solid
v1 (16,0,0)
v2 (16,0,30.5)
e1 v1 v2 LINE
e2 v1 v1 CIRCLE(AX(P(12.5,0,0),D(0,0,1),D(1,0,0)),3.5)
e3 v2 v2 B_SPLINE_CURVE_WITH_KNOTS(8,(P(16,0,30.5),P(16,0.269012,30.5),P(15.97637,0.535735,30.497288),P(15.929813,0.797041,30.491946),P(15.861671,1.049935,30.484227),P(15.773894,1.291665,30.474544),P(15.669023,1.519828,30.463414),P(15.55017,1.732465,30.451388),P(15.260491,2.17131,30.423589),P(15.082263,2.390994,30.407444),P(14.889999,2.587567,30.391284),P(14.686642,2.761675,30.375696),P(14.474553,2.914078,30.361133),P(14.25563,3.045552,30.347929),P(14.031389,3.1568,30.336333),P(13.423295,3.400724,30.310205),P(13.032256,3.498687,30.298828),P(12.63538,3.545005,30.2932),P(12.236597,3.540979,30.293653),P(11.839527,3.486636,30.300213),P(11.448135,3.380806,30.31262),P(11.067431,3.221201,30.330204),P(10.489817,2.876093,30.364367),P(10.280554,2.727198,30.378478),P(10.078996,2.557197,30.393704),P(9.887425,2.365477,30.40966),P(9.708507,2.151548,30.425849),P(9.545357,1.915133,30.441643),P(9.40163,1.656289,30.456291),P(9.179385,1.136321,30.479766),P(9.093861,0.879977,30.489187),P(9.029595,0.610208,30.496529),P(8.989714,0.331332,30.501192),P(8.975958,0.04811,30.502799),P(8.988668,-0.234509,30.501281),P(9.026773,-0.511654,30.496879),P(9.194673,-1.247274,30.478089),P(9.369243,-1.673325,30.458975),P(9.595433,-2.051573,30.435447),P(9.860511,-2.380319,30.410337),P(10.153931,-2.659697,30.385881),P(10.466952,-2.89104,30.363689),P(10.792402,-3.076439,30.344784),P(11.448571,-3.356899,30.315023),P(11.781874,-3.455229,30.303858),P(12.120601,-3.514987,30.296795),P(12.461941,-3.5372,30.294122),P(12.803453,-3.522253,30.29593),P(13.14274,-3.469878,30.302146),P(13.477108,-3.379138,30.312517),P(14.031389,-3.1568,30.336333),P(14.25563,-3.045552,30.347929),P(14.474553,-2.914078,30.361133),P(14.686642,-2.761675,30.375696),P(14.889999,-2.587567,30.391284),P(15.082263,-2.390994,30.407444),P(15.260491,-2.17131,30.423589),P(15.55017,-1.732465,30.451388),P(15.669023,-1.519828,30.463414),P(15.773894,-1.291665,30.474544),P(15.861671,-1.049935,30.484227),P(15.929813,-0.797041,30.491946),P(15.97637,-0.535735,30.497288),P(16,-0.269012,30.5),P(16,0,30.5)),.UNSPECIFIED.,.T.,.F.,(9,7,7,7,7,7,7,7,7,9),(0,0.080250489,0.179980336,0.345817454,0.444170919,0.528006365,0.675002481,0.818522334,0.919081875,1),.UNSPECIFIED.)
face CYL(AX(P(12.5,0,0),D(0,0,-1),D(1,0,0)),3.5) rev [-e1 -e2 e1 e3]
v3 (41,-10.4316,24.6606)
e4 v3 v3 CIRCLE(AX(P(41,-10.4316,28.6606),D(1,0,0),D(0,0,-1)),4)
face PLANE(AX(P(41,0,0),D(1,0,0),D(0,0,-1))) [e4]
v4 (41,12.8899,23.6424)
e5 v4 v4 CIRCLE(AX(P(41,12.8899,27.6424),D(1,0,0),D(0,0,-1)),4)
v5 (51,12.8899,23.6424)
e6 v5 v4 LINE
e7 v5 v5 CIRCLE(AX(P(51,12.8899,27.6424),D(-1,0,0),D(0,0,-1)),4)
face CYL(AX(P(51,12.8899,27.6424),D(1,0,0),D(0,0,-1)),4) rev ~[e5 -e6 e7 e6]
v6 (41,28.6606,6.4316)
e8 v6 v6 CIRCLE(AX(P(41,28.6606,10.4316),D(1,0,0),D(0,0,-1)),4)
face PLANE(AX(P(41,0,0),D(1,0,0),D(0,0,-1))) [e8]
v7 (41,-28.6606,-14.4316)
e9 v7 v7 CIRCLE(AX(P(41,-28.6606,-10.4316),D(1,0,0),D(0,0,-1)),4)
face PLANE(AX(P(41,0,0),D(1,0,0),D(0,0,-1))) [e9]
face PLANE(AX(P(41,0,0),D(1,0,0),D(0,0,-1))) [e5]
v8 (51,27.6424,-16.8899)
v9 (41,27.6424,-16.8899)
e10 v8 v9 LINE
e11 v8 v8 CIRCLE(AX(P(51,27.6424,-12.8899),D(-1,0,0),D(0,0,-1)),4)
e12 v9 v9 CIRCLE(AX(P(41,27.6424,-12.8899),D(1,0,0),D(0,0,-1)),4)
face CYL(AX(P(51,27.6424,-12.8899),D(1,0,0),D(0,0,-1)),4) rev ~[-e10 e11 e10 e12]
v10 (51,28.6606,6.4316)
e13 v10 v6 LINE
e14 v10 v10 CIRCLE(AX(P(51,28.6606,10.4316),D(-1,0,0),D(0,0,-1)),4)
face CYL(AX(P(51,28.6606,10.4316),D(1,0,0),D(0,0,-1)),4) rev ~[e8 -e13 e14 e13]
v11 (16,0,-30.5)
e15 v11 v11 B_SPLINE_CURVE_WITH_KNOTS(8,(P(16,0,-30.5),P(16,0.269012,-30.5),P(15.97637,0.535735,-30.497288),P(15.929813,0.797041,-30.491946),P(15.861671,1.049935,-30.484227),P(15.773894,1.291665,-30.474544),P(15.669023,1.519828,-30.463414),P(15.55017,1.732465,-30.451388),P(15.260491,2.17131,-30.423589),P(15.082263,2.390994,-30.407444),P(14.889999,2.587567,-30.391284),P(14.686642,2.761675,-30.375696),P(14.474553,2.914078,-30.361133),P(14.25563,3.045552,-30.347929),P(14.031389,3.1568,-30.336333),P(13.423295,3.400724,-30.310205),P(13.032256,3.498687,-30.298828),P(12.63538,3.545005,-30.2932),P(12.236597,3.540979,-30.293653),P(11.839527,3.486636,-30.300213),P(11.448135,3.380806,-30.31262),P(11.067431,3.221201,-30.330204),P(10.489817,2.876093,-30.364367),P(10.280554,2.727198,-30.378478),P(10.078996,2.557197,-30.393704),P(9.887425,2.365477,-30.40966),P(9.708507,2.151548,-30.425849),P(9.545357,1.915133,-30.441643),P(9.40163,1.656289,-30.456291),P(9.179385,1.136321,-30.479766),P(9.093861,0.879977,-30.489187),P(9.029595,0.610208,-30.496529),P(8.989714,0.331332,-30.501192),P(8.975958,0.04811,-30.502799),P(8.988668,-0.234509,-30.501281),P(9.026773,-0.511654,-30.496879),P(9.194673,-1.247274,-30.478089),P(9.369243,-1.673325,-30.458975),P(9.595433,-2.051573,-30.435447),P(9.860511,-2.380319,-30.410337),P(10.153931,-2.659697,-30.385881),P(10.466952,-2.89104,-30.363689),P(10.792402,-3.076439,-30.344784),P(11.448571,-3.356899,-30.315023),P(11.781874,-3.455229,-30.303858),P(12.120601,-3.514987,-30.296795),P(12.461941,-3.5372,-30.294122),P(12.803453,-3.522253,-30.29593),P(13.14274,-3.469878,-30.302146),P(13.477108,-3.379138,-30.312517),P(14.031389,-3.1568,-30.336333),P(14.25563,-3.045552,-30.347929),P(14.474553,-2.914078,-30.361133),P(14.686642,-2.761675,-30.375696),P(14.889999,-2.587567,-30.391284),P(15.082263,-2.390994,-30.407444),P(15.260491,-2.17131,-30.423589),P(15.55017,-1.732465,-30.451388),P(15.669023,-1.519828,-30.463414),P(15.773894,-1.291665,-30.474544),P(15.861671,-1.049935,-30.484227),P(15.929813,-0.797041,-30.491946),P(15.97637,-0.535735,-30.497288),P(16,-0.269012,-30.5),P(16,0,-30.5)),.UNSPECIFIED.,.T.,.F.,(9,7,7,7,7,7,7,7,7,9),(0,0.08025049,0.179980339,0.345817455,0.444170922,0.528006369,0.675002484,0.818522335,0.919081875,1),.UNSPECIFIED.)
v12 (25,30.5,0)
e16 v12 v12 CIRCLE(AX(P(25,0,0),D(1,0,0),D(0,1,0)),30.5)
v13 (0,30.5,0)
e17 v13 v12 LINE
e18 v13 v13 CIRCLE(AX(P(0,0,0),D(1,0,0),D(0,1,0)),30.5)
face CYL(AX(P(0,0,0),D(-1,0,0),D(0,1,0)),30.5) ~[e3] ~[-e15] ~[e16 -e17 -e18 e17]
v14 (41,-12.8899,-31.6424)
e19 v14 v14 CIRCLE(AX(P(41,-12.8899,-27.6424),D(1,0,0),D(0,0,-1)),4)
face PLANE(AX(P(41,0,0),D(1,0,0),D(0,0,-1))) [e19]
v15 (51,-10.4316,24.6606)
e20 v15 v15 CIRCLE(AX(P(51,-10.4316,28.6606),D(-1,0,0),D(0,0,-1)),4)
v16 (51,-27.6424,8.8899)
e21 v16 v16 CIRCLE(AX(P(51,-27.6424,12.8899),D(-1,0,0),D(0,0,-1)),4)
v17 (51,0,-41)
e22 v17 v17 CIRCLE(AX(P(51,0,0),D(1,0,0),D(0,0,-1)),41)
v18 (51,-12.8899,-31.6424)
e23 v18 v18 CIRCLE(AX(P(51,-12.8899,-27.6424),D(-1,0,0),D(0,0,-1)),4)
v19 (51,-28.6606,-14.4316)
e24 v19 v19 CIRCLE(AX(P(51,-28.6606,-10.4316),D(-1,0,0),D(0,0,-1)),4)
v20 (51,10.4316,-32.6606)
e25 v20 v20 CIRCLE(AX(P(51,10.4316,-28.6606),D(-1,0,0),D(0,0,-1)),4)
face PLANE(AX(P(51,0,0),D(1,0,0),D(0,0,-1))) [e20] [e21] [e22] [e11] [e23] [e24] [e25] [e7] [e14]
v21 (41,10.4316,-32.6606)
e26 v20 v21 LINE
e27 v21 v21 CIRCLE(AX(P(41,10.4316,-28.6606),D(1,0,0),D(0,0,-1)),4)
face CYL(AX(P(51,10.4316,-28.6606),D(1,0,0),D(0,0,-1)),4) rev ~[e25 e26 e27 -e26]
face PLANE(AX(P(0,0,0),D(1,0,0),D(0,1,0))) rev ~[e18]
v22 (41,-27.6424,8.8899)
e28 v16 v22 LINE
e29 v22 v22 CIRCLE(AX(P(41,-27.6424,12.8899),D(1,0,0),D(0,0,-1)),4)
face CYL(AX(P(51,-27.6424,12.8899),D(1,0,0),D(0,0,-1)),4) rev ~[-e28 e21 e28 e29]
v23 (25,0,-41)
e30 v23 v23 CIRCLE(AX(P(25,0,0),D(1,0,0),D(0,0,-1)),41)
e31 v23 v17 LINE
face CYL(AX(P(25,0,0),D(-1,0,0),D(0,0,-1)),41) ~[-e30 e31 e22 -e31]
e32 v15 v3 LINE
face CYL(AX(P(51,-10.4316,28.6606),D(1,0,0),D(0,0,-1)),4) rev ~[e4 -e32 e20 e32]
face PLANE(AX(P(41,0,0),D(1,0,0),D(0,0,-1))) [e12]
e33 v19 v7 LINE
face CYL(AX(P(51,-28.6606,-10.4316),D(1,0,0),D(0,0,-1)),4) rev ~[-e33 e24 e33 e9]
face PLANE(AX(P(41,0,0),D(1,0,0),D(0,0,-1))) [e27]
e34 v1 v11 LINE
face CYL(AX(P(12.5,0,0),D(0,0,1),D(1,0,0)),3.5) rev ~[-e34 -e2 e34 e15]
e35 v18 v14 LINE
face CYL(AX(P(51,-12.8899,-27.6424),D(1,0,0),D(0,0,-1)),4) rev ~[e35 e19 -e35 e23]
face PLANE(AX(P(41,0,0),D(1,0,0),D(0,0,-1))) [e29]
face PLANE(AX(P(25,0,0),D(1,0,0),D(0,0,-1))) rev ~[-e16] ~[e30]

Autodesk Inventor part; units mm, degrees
ref_plane "YZ Plane" through (0, 0, 0) normal (1, 0, 0) x (0, 1, 0)
ref_plane "XZ Plane" through (0, 0, 0) normal (0, 1, 0) x (-1, 0, 0)
ref_plane "XY Plane" through (0, 0, 0) normal (0, 0, 1) x (1, 0, 0)
sketch "Эскиз1" plane through (0, 0, 0) normal (1, 0, 0) x (0, 1, 0)
  circle A0 centre (0, 0) radius 30.5
  dimension "d0" = 61
extrude "Выдавливание1" add sketch "Эскиз1" along normal blind 25
sketch "Эскиз2" plane through (25, 0, 0) normal (1, 0, 0) x (0, 0, -1)
  circle A0 centre (0, 0) radius 41
  dimension "d3" = 82
extrude "Выдавливание2" add sketch "Эскиз2" along normal blind 26
sketch "Эскиз3" plane through (0, 0, 0) normal (0, 0, 1) x (1, 0, 0)
  line L0 (0, 0) -> (25, 0)
  line L1 (25, -30.5) -> (25, 30.5) projected
  circle A0 centre (12.5, 0) radius 3.5
  dimension "d6" = 7
extrude "Выдавливание3" cut sketch "Эскиз3" along normal through all both and the other way through all
sketch "Эскиз4" plane through (51, 0, 0) normal (1, 0, 0) x (0, 0, -1)
  circle A0 centre (0, 0) radius 30.5 projected
  line L0 (0, 0) -> (-11.8974, 32.688)
  line L1 (0, 0) -> (0, 6.9467)
  circle A1 centre (-10.4316, 28.6606) radius 4
  line L2 (0, 0) -> (-31.5267, 14.7011)
  circle A2 centre (-27.6424, 12.8899) radius 4
  line L3 (0, 0) -> (-32.688, -11.8974)
  circle A3 centre (-28.6606, -10.4316) radius 4
  line L4 (0, 0) -> (-14.7011, -31.5267)
  circle A4 centre (-12.8899, -27.6424) radius 4
  line L5 (0, 0) -> (11.8974, -32.688)
  circle A5 centre (10.4316, -28.6606) radius 4
  line L6 (0, 0) -> (31.5267, -14.7011)
  circle A6 centre (27.6424, -12.8899) radius 4
  line L7 (0, 0) -> (32.688, 11.8974)
  circle A7 centre (28.6606, 10.4316) radius 4
  line L8 (0, 0) -> (14.7011, 31.5267)
  circle A8 centre (12.8899, 27.6424) radius 4
  dimension "d10" = 20
  dimension "d11" = 8
  dimension "d14" = 360
extrude "Выдавливание4" cut sketch "Эскиз4" against normal blind 10 contours A7 L7 A0 | A0 L7 A7 | A6 L6 A0 | A0 L6 A6 | L7 A7 A0 | A0 A7 L7 | L6 A6 A0 | A0 A6 L6 | A8 L8 A0 | A0 L8 A8 | A1 A0 L0 | L0 A0 A1 | A2 A0 L2 | L2 A0 A2 | A3 A0 L3 | L3 A0 A3 | A4 A0 L4 | L4 A0 A4 | A5 A0 L5 | L5 A0 A5 | A8 A0 L8 | A5 L5 A0 | A0 A8 L8 | L0 A1 A0 | A0 A1 L0 | L2 A2 A0 | A0 A2 L2 | L3 A3 A0 | A0 A3 L3 | L4 A4 A0 | A0 A4 L4 | L5 A5 A0
equation "\"Радиус_гибки\" = Толщина"
equation "\"Ширина_просечки\" = Толщина"
equation "\"Глубина_просечки\" = 0.5 * Толщина"
equation "\"Размер_просечки\" = 4 * Толщина"
equation "\"Мин_остаток\" = 2 * Толщина"
equation "\"Радиус_перехода\" = Радиус_гибки"
equation "\"Радиус_Якоби\" = Радиус_гибки"
equation "\"Размер_зазора\" = Толщина"
equation "\"Толщина\" = 0.5"
properties part number "хвостовик"
